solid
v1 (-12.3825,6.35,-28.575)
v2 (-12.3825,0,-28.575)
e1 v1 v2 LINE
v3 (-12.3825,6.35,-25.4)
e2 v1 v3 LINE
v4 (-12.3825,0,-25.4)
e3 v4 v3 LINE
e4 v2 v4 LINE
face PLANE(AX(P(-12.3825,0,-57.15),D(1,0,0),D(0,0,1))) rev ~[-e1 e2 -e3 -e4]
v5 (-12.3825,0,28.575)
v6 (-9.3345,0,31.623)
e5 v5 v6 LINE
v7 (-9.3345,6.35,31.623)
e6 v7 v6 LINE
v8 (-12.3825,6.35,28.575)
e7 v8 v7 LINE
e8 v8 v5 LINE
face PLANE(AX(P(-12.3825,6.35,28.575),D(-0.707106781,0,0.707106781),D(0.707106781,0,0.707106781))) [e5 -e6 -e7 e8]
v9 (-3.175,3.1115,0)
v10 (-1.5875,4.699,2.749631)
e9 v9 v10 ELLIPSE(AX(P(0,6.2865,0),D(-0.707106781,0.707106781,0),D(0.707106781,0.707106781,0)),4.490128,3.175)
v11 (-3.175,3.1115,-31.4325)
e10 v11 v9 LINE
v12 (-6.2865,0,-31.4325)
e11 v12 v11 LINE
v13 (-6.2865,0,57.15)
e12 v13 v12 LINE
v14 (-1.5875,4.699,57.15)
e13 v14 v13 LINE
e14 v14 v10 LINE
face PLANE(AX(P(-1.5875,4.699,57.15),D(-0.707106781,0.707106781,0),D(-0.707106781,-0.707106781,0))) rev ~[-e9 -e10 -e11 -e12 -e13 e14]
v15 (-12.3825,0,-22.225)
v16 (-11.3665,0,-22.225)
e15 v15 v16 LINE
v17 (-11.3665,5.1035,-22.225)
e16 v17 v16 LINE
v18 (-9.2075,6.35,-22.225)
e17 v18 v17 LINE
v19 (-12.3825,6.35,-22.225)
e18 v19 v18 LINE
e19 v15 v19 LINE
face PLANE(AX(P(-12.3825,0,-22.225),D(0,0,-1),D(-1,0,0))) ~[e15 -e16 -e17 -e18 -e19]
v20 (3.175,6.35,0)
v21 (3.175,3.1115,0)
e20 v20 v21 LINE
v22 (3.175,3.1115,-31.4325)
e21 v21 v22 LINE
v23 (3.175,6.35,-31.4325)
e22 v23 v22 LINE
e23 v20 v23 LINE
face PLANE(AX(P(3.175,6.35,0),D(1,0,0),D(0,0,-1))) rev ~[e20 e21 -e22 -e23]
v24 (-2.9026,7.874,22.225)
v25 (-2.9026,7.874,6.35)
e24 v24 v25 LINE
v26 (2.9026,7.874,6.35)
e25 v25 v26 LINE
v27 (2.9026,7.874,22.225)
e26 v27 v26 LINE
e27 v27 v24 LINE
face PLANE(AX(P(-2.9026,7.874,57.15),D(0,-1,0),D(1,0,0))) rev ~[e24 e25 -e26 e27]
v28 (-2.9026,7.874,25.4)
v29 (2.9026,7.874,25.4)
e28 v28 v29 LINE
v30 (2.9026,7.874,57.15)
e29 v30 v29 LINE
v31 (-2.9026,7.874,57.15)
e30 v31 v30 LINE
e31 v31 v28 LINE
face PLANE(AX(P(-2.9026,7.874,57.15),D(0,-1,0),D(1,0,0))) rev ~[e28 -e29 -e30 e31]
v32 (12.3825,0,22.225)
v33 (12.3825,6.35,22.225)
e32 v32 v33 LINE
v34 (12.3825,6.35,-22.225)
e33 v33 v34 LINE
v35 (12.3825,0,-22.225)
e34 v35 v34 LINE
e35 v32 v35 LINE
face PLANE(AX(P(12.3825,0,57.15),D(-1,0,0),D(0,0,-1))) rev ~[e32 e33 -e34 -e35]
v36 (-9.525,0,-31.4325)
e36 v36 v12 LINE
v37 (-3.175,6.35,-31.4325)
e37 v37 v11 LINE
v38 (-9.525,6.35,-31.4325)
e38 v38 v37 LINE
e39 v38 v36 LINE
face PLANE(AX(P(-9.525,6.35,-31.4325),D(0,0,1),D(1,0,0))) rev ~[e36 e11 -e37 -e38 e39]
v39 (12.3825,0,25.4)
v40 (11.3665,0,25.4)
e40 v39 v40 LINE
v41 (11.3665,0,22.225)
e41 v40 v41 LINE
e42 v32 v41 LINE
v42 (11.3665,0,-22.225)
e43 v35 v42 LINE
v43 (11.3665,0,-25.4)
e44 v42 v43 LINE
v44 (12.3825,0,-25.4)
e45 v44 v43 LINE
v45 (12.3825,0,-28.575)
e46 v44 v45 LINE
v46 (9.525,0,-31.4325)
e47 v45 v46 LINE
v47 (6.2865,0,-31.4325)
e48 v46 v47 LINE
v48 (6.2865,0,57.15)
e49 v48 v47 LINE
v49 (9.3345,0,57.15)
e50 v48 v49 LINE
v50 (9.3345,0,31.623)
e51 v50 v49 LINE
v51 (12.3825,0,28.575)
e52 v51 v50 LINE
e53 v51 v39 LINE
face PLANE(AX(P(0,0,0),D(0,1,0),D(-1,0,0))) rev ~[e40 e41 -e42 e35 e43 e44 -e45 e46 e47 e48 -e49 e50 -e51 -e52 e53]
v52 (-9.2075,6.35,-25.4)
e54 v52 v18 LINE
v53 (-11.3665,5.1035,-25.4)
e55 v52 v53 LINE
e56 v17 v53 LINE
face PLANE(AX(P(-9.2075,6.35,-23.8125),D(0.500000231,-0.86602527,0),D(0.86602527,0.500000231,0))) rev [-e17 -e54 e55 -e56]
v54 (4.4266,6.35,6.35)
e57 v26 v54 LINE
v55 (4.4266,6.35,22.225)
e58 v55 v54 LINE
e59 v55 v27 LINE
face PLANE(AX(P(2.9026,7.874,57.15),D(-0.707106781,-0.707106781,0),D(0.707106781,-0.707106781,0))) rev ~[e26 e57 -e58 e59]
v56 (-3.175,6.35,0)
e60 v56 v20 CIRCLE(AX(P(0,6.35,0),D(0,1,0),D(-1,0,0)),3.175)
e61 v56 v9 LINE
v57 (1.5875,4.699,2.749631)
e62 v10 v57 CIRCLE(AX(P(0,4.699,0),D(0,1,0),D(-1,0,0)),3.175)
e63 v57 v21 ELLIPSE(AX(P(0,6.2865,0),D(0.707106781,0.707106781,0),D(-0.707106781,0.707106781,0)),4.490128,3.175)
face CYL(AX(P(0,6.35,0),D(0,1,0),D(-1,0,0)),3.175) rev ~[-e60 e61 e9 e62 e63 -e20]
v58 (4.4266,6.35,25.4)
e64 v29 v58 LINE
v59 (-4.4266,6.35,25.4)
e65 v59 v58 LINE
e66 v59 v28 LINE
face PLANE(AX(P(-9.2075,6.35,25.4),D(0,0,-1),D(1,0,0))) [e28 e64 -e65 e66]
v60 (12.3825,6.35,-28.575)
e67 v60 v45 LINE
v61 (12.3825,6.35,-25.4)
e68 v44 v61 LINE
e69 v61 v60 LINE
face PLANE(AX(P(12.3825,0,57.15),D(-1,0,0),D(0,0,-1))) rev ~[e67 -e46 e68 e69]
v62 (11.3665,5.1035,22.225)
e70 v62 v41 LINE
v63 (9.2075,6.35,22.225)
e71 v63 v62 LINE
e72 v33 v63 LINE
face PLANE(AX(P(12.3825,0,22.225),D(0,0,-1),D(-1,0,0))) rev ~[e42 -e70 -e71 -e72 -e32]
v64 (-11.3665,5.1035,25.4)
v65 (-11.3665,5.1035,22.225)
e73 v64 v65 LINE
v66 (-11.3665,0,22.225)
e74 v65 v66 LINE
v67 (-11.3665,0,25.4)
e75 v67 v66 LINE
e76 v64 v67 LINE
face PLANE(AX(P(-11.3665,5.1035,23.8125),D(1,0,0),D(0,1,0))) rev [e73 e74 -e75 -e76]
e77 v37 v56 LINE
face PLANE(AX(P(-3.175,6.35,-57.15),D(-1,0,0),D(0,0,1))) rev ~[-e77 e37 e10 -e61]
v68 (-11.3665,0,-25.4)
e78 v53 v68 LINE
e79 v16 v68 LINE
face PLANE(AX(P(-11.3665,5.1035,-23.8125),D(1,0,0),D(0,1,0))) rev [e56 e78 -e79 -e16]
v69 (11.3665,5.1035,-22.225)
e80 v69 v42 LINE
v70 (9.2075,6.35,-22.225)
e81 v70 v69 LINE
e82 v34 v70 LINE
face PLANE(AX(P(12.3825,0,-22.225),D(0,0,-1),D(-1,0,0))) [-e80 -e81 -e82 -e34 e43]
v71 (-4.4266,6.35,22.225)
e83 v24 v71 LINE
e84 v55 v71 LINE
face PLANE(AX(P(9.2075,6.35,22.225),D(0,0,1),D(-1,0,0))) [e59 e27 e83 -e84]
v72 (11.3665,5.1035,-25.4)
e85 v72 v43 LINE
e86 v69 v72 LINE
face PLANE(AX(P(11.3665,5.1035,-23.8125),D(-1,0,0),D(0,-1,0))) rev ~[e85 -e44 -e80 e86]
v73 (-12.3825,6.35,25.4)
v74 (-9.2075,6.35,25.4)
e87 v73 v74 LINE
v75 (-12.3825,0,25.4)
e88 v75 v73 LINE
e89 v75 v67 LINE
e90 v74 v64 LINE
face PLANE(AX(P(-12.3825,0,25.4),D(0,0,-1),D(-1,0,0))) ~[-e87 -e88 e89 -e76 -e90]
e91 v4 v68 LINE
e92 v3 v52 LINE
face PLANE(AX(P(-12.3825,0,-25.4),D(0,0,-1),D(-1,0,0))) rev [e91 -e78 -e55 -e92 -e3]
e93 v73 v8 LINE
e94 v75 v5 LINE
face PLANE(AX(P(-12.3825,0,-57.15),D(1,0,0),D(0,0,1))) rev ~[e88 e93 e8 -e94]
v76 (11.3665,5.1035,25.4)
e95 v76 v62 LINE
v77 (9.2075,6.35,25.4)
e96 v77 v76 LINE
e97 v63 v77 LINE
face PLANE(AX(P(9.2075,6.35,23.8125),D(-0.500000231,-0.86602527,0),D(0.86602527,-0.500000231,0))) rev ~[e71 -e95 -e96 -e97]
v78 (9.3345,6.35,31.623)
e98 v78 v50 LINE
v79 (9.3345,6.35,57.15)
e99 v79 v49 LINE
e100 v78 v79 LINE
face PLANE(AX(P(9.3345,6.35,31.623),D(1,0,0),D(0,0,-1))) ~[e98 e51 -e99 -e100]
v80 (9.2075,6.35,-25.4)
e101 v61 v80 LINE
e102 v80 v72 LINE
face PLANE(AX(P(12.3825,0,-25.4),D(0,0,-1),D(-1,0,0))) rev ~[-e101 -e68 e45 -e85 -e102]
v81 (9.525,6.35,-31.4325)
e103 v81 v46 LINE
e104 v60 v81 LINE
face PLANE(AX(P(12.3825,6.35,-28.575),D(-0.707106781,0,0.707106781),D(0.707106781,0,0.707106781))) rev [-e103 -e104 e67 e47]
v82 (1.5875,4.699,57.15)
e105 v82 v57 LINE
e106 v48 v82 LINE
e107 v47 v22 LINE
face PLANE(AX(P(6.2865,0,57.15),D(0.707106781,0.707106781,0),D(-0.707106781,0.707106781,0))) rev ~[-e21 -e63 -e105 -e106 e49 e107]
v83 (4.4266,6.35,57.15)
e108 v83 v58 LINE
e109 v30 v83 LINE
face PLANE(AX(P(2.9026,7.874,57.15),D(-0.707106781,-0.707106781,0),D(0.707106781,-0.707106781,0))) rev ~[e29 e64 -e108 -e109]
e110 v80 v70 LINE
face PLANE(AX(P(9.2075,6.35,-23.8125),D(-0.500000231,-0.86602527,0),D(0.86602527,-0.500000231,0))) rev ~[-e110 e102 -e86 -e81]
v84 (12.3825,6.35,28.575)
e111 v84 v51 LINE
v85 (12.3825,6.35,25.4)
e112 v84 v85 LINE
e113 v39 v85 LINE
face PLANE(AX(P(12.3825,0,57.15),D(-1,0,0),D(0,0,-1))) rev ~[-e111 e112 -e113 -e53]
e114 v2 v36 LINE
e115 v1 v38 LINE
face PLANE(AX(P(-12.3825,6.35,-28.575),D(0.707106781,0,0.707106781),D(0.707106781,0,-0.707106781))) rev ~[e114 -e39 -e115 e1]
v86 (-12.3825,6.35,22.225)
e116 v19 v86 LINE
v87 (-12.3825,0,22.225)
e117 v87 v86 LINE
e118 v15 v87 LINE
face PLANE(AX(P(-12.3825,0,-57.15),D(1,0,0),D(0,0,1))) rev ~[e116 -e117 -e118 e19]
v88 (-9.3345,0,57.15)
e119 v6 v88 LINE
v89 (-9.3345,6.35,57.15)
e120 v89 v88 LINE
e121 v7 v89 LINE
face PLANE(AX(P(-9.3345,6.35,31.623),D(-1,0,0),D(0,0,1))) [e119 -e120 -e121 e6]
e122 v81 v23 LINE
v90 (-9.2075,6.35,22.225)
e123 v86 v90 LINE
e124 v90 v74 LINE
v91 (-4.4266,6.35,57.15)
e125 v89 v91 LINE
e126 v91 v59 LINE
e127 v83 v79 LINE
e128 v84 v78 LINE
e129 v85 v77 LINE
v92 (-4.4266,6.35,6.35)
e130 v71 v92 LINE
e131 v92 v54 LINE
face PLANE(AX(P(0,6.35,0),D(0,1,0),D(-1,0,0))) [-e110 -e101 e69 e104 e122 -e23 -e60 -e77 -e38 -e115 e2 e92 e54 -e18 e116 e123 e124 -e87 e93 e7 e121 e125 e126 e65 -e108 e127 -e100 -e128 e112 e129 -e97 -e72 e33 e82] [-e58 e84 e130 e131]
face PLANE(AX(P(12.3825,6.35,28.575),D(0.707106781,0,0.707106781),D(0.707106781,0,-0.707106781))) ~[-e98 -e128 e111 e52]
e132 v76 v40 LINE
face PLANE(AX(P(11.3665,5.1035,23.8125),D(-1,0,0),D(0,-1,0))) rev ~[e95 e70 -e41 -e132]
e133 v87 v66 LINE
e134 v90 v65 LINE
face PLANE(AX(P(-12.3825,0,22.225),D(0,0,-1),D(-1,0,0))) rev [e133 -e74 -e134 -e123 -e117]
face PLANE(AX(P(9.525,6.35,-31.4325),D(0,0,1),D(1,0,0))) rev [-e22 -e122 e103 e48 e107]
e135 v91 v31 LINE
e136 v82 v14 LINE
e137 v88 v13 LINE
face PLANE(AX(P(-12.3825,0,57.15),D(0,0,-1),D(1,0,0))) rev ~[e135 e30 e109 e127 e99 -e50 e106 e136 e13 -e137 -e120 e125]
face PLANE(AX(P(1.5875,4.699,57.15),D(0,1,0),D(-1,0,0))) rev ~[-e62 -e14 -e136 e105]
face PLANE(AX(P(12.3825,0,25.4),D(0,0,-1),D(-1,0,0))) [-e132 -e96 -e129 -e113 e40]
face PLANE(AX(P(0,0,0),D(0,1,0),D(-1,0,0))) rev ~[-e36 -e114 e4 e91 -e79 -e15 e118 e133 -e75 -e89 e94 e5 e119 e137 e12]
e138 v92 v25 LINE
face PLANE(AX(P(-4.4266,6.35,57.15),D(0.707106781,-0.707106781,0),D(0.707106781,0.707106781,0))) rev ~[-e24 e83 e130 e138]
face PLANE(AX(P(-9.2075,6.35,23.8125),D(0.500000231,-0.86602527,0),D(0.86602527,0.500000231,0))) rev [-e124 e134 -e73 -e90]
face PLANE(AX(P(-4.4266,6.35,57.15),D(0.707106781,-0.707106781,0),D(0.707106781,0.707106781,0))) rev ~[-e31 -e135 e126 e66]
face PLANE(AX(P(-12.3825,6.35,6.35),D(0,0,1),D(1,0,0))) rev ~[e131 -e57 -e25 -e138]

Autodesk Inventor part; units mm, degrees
ref_plane "YZ Plane" through (0, 0, 0) normal (1, 0, 0) x (0, 1, 0)
ref_plane "XZ Plane" through (0, 0, 0) normal (0, 1, 0) x (-1, 0, 0)
ref_plane "XY Plane" through (0, 0, 0) normal (0, 0, 1) x (1, 0, 0)
sketch "Sketch1" plane through (0, 0, 0) normal (0, 1, 0) x (-1, 0, 0)
  line L0 (12.3825, 57.15) -> (-12.3825, 57.15)
  line L1 (-12.3825, 57.15) -> (-12.3825, -57.15)
  line L2 (-12.3825, -57.15) -> (12.3825, -57.15)
  line L3 (12.3825, -57.15) -> (12.3825, 57.15)
  line L4 (12.3825, 57.15) -> (-12.3825, -57.15) construction
  line L5 (-12.3825, 57.15) -> (12.3825, -57.15) construction
  point P0 (0, 0)
  dimension "d0" = 24.765
  dimension "d1" = 114.3
extrude "Extrusion1" add sketch "Sketch1" along normal blind 6.35
sketch "Sketch2" plane through (-12.3825, 0, 57.15) normal (0, 0, 1) x (1, 0, 0)
  line L0 (6.096, 0) -> (18.669, 0)
  line L1 (0, 0) -> (24.765, 0) projected
  line L2 (18.669, 0) -> (13.97, 4.699)
  line L3 (13.97, 4.699) -> (10.795, 4.699)
  line L4 (10.795, 4.699) -> (6.096, 0)
  line L5 (0, 6.35) -> (24.765, 6.35) projected
  point P0 (12.3825, 0)
  point P1 (12.3825, 4.699)
  point P2 (12.3825, 6.35)
  dimension "d4" = 45
  dimension "d5" = 45
  dimension "d6" = 3.175
  dimension "d7" = 4.699
extrude "Extrusion2" cut sketch "Sketch2" against normal through all
sketch "Sketch3" plane through (0, 6.35, 0) normal (0, 1, 0) x (1, 0, 0)
  line L0 (12.3825, 57.15) -> (-12.3825, 57.15) construction
  line L1 (3.175, 57.15) -> (-3.175, 57.15)
  line L2 (-3.175, 57.15) -> (-3.175, 0)
  line L3 (3.175, 0) -> (3.175, 57.15)
  arc A0 (-3.175, 0) -> (3.175, 0) centre (0, 0) ccw
  dimension "d14" = 3.175
  dimension "d15" = 57.15
extrude "Extrusion3" cut sketch "Sketch3" against normal through all
ref_plane "Work Plane1" through (12.3825, 0, -23.8125) normal (0, 0, -1) x (-1, 0, 0)
sketch "Sketch4" plane through (12.3825, 0, -23.8125) normal (0, 0, -1) x (-1, 0, 0)
  line L0 (9.2075, 3.1115) -> (9.2075, 6.35) construction
  line L1 (0, 6.35) -> (9.2075, 6.35) construction
  line L2 (0, 0) -> (0, 6.35) construction
  line L3 (0, 0) -> (6.096, 0) construction
  line L4 (6.096, 0) -> (9.2075, 3.1115) construction
  line L5 (0, 0) -> (6.096, 0) projected
  line L6 (1.016, 0) -> (0, 0)
  line L7 (0, 0) -> (0, 6.35)
  line L8 (0, 6.35) -> (9.2075, 6.35) projected
  line L9 (3.175, 6.35) -> (0, 6.35)
  line L10 (3.175, 6.35) -> (1.016, 5.1035)
  line L11 (1.016, 5.1035) -> (1.016, 0)
  point P0 (12.3825, 0)
  dimension "d19" = 150
  dimension "d20" = 1.016
  dimension "d21" = 3.175
extrude "Extrusion4" cut sketch "Sketch4" along normal mid plane 3.175
mirror "Mirror1" about plane through (0, 0, 0) normal (1, 0, 0) of "Extrusion4"
pattern_linear "Rectangular Pattern1" count 2 spacing 47.625 along (0, 0, 1) of "Extrusion4", "Mirror1"
sketch "Sketch6" plane through (-12.3825, 6.35, 57.15) normal (0, 0, 1) x (1, 0, 0)
  line L0 (6.096, -6.35) -> (10.795, -1.651) construction
  line L1 (10.795, -1.651) -> (13.97, -1.651) construction
  line L2 (13.97, -1.651) -> (18.669, -6.35) construction
  line L3 (18.669, -6.35) -> (24.765, -6.35) construction
  line L4 (24.765, -6.35) -> (24.765, 0) construction
  line L5 (0, 0) -> (24.765, 0) construction
  line L6 (0, -6.35) -> (0, 0) construction
  line L7 (0, -6.35) -> (6.096, -6.35) construction
  line L8 (9.2075, 0) -> (0, 0) projected
  line L9 (7.9559, 0) -> (9.4799, 1.524)
  line L10 (9.4799, 1.524) -> (15.2851, 1.524)
  line L11 (15.2851, 1.524) -> (16.8091, 0)
  line L12 (6.096, -6.35) -> (10.795, -1.651) projected
  line L13 (13.97, -1.651) -> (18.669, -6.35) projected
  line L14 (7.9559, 0) -> (16.8091, 0)
  line L15 (24.765, 0) -> (15.5575, 0) projected
  point P0 (12.3825, -6.35)
  point P1 (12.3825, 0)
  point P2 (12.3825, 1.524)
  dimension "d30" = 3.175
  dimension "d31" = 3.175
extrude "Extrusion5" add sketch "Sketch6" against normal blind 50.8
sketch "Sketch7" plane through (0, 6.35, 0) normal (0, 1, 0) x (1, 0, 0)
  line L0 (-9.2075, -22.225) -> (-9.2075, -25.4) projected
  line L1 (9.2075, -25.4) -> (9.2075, -22.225) projected
  line L2 (-9.2075, -25.4) -> (9.2075, -25.4)
  line L3 (9.2075, -25.4) -> (9.2075, -22.225)
  line L4 (9.2075, -22.225) -> (-9.2075, -22.225)
  line L5 (-9.2075, -22.225) -> (-9.2075, -25.4)
  point P0 (0, 0)
extrude "Extrusion6" cut sketch "Sketch7" along normal through all
sketch "Sketch8" plane through (0, 6.35, 0) normal (0, 1, 0) x (1, 0, 0)
  line L0 (12.3825, -22.225) -> (11.3665, -22.225) construction
  line L1 (11.3665, -22.225) -> (11.3665, -25.4) construction
  line L2 (11.3665, -25.4) -> (12.3825, -25.4) construction
  line L3 (12.3825, -57.15) -> (12.3825, -25.4) construction
  line L4 (6.2865, -57.15) -> (12.3825, -57.15) construction
  line L5 (6.2865, -57.15) -> (6.2865, 57.15) construction
  line L6 (12.3825, 57.15) -> (6.2865, 57.15) construction
  line L7 (12.3825, 25.4) -> (12.3825, 57.15) construction
  line L8 (12.3825, 25.4) -> (11.3665, 25.4) construction
  line L9 (11.3665, 25.4) -> (11.3665, 22.225) construction
  line L10 (11.3665, 22.225) -> (12.3825, 22.225) construction
  line L11 (12.3825, -22.225) -> (12.3825, 22.225) construction
  line L12 (-11.3665, -22.225) -> (-12.3825, -22.225) construction
  line L13 (-12.3825, 22.225) -> (-12.3825, -22.225) construction
  line L14 (-12.3825, 22.225) -> (-11.3665, 22.225) construction
  line L15 (-11.3665, 22.225) -> (-11.3665, 25.4) construction
  line L16 (-11.3665, 25.4) -> (-12.3825, 25.4) construction
  line L17 (-12.3825, 57.15) -> (-12.3825, 25.4) construction
  line L18 (-6.2865, 57.15) -> (-12.3825, 57.15) construction
  line L19 (-6.2865, 57.15) -> (-6.2865, -57.15) construction
  line L20 (-12.3825, -57.15) -> (-6.2865, -57.15) construction
  line L21 (-12.3825, -25.4) -> (-12.3825, -57.15) construction
  line L22 (-12.3825, -25.4) -> (-11.3665, -25.4) construction
  line L23 (-11.3665, -25.4) -> (-11.3665, -22.225) construction
  line L24 (-12.3825, -25.4) -> (-12.3825, -57.15) projected
  line L25 (-12.3825, -28.575) -> (-9.3345, -31.623)
  line L26 (-9.3345, -31.623) -> (-9.3345, -57.15)
  line L27 (-12.3825, -57.15) -> (-6.2865, -57.15) projected
  line L28 (-12.3825, -57.15) -> (-9.3345, -57.15)
  line L29 (-12.3825, -57.15) -> (-12.3825, -28.575)
  line L30 (-12.3825, 57.15) -> (-12.3825, 25.4) construction
  line L31 (-12.3825, 28.575) -> (-9.525, 31.4325)
  line L32 (-9.525, 31.4325) -> (-3.175, 31.4325)
  line L33 (-3.175, 57.15) -> (-3.175, 0) construction
  line L34 (-3.175, 57.15) -> (-6.2865, 57.15) projected
  line L35 (-3.175, 31.4325) -> (-3.175, 57.15)
  line L36 (-3.175, 57.15) -> (-12.3825, 57.15)
  line L37 (-12.3825, 28.575) -> (-12.3825, 57.15)
  point P0 (0, 0)
  dimension "d36" = 45
  dimension "d37" = 3.175
  dimension "d38" = 3.175
  dimension "d39" = 45
  dimension "d40" = 6.35
extrude "Extrusion7" cut sketch "Sketch8" against normal through all
mirror "Mirror2" about plane through (0, 0, 0) normal (1, 0, 0) of "Extrusion7"
equation "\"d38\" = d37"
equation "\"d39\" = d36"
properties part number "Holder_Slide_Top"
